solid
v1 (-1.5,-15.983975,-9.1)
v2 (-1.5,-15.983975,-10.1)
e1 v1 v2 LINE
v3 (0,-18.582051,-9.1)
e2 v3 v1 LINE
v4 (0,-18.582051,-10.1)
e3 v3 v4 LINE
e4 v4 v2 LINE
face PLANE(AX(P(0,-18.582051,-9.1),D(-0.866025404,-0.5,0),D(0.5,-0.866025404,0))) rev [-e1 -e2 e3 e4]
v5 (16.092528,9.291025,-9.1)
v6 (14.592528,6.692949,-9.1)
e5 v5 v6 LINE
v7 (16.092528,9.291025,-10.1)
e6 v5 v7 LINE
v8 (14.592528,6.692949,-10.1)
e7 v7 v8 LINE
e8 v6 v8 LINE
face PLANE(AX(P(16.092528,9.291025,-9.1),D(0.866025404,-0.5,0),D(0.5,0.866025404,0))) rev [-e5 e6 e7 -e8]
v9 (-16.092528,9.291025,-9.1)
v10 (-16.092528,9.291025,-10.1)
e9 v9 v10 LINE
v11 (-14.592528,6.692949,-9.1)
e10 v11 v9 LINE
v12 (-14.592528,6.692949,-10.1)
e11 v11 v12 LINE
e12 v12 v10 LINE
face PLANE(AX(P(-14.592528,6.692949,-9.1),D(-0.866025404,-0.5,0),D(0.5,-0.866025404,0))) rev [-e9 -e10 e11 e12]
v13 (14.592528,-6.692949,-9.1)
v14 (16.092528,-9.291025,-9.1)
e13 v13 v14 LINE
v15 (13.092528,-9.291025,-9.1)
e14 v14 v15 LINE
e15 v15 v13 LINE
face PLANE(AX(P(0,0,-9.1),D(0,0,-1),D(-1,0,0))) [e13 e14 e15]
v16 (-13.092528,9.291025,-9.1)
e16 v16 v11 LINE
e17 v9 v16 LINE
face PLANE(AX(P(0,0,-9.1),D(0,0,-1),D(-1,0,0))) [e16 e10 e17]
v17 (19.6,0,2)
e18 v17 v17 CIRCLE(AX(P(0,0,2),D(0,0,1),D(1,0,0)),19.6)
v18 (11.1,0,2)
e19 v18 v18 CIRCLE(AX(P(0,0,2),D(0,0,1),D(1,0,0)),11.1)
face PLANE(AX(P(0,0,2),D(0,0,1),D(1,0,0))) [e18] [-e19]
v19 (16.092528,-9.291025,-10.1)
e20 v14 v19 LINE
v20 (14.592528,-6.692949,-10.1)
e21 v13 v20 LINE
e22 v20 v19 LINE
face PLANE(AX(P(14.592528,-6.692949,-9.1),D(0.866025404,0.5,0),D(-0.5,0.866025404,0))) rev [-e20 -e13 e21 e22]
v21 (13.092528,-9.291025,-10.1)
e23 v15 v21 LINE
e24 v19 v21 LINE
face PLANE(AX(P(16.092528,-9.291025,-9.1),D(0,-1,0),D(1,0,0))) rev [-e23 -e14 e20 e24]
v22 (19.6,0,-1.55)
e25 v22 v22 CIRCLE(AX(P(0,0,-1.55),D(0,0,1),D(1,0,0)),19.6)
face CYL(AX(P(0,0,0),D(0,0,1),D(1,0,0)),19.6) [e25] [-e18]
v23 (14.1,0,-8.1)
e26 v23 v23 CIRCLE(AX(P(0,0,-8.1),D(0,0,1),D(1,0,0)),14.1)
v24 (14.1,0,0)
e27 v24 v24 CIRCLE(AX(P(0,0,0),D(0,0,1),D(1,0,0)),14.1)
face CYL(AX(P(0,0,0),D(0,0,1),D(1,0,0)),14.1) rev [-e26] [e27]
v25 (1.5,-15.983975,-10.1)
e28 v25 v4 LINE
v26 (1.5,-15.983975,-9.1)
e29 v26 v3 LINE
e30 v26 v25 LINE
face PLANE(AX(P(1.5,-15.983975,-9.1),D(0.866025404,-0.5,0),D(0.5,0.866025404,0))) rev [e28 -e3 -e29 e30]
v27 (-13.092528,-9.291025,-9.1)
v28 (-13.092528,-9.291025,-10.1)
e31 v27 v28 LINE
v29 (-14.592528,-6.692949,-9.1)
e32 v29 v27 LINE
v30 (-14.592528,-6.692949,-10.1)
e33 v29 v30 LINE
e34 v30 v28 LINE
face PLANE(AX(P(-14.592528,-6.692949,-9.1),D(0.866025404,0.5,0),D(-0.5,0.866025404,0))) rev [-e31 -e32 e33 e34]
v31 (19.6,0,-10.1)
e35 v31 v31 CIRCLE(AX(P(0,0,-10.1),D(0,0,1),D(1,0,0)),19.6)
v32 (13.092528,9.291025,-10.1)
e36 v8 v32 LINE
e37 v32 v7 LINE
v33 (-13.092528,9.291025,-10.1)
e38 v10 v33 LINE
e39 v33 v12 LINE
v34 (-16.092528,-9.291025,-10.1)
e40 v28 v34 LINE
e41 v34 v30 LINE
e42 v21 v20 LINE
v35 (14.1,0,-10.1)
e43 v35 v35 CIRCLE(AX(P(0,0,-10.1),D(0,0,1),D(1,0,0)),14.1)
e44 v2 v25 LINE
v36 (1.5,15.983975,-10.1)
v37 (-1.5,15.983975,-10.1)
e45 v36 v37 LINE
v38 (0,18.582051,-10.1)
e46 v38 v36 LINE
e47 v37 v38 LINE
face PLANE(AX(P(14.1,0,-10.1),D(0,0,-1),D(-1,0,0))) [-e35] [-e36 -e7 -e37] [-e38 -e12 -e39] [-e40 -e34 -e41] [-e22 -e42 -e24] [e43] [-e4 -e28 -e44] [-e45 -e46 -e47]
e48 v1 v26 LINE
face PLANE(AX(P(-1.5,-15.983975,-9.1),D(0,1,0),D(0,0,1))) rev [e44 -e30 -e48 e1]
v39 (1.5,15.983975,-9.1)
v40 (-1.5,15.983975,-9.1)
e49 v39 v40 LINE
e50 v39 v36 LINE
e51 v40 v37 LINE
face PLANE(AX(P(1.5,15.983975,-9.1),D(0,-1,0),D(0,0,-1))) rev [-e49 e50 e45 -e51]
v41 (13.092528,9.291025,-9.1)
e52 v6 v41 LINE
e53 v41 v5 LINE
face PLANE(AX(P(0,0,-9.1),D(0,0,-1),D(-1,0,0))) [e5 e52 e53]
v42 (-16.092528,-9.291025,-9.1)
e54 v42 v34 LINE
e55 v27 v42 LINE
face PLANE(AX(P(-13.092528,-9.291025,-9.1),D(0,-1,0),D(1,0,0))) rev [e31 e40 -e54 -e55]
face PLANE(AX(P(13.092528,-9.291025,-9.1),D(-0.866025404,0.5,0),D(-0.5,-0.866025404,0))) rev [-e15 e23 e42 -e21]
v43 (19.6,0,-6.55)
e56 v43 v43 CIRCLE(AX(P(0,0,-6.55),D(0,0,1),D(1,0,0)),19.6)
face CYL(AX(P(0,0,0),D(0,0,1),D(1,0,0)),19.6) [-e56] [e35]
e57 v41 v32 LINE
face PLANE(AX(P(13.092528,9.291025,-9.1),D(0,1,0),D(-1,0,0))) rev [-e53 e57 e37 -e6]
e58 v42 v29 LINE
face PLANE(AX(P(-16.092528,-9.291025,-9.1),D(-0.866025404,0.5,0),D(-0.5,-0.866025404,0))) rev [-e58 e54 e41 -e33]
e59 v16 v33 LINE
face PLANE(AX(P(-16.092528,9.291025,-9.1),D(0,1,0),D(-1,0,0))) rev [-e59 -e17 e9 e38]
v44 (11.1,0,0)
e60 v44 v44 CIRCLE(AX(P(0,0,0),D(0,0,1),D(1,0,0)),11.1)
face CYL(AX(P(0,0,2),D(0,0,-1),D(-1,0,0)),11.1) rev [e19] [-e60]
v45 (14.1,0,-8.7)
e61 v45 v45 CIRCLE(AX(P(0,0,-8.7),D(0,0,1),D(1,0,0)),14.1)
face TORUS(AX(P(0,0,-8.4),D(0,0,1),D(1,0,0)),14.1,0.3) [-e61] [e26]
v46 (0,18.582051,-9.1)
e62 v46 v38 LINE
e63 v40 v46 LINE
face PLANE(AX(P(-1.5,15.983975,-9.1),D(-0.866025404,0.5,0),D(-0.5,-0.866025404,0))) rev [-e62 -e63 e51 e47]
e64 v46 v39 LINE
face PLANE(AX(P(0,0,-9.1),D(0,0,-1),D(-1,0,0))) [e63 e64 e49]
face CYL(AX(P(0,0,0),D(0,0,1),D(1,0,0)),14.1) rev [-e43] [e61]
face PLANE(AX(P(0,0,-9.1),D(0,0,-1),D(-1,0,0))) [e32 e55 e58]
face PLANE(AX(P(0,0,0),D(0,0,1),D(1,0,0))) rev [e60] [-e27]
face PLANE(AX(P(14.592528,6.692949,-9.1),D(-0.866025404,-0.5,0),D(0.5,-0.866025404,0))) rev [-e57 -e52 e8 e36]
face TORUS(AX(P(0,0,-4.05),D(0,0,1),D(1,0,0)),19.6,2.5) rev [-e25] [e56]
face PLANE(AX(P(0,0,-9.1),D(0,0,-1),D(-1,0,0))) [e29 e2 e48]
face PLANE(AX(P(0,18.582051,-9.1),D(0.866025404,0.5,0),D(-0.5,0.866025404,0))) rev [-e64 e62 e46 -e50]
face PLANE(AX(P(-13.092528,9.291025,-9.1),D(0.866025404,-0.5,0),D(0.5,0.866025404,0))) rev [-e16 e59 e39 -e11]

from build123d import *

# Parameters (mm, degrees)
CROQUIS1_R              = 14.1
CROQUIS1_R_2            = 11.1
SALIENTE_EXTRUIR1_DEPTH = 2
CORTAR_EXTRUIR1_DEPTH   = 1


with BuildPart() as part:
    # Croquis1 → Saliente-Extruir1 (new body)
    with BuildSketch(Plane.XY):
        Circle(CROQUIS1_R)
        Circle(CROQUIS1_R_2, mode=Mode.SUBTRACT)
    extrude(amount=SALIENTE_EXTRUIR1_DEPTH)

    # Croquis4 → Revolución1 (revolve)
    with BuildSketch(Plane(origin=(0, 0, 0), x_dir=(1, 0, 0), z_dir=(0, 1, 0))):
        with BuildLine():
            Line((14.1, -2), (14.1, 0))
            Line((14.1, 0), (14.1, 8.1))
            ThreePointArc((14.1, 8.1), (13.8, 8.4), (14.1, 8.7))
            Line((14.1, 8.7), (14.1, 10.1))
            Line((14.1, 10.1), (19.6, 10.1))
            Line((19.6, 10.1), (19.6, 6.55))
            ThreePointArc((19.6, 6.55), (17.1, 4.05), (19.6, 1.55))
            Line((19.6, 1.55), (19.6, -2))
            Line((19.6, -2), (14.1, -2))
        make_face()
    revolve(axis=Axis((0, 0, 0), (0, 0, -1)))

    # Croquis7 → Cortar-Extruir1 (cut)
    with BuildSketch(Plane(origin=(0, 0, -10.1), x_dir=(-1, 0, 0), z_dir=(0, 0, -1))):
        Polygon((14.592528054, 6.692949192), (16.092528054, 9.291025404), (13.092528054, 9.291025404), align=None)
        Polygon((1.5, 15.983974596), (0, 18.582050808), (-1.5, 15.983974596), align=None)
        Polygon((13.092528054, -9.291025404), (16.092528054, -9.291025404), (14.592528054, -6.692949192), align=None)
        Polygon((-1.5, -15.983974596), (0, -18.582050808), (1.5, -15.983974596), align=None)
        Polygon((-14.592528054, -6.692949192), (-16.092528054, -9.291025404), (-13.092528054, -9.291025404), align=None)
        Polygon((-13.092528054, 9.291025404), (-16.092528054, 9.291025404), (-14.592528054, 6.692949192), align=None)
    extrude(amount=-CORTAR_EXTRUIR1_DEPTH, mode=Mode.SUBTRACT)


solid = part.part
